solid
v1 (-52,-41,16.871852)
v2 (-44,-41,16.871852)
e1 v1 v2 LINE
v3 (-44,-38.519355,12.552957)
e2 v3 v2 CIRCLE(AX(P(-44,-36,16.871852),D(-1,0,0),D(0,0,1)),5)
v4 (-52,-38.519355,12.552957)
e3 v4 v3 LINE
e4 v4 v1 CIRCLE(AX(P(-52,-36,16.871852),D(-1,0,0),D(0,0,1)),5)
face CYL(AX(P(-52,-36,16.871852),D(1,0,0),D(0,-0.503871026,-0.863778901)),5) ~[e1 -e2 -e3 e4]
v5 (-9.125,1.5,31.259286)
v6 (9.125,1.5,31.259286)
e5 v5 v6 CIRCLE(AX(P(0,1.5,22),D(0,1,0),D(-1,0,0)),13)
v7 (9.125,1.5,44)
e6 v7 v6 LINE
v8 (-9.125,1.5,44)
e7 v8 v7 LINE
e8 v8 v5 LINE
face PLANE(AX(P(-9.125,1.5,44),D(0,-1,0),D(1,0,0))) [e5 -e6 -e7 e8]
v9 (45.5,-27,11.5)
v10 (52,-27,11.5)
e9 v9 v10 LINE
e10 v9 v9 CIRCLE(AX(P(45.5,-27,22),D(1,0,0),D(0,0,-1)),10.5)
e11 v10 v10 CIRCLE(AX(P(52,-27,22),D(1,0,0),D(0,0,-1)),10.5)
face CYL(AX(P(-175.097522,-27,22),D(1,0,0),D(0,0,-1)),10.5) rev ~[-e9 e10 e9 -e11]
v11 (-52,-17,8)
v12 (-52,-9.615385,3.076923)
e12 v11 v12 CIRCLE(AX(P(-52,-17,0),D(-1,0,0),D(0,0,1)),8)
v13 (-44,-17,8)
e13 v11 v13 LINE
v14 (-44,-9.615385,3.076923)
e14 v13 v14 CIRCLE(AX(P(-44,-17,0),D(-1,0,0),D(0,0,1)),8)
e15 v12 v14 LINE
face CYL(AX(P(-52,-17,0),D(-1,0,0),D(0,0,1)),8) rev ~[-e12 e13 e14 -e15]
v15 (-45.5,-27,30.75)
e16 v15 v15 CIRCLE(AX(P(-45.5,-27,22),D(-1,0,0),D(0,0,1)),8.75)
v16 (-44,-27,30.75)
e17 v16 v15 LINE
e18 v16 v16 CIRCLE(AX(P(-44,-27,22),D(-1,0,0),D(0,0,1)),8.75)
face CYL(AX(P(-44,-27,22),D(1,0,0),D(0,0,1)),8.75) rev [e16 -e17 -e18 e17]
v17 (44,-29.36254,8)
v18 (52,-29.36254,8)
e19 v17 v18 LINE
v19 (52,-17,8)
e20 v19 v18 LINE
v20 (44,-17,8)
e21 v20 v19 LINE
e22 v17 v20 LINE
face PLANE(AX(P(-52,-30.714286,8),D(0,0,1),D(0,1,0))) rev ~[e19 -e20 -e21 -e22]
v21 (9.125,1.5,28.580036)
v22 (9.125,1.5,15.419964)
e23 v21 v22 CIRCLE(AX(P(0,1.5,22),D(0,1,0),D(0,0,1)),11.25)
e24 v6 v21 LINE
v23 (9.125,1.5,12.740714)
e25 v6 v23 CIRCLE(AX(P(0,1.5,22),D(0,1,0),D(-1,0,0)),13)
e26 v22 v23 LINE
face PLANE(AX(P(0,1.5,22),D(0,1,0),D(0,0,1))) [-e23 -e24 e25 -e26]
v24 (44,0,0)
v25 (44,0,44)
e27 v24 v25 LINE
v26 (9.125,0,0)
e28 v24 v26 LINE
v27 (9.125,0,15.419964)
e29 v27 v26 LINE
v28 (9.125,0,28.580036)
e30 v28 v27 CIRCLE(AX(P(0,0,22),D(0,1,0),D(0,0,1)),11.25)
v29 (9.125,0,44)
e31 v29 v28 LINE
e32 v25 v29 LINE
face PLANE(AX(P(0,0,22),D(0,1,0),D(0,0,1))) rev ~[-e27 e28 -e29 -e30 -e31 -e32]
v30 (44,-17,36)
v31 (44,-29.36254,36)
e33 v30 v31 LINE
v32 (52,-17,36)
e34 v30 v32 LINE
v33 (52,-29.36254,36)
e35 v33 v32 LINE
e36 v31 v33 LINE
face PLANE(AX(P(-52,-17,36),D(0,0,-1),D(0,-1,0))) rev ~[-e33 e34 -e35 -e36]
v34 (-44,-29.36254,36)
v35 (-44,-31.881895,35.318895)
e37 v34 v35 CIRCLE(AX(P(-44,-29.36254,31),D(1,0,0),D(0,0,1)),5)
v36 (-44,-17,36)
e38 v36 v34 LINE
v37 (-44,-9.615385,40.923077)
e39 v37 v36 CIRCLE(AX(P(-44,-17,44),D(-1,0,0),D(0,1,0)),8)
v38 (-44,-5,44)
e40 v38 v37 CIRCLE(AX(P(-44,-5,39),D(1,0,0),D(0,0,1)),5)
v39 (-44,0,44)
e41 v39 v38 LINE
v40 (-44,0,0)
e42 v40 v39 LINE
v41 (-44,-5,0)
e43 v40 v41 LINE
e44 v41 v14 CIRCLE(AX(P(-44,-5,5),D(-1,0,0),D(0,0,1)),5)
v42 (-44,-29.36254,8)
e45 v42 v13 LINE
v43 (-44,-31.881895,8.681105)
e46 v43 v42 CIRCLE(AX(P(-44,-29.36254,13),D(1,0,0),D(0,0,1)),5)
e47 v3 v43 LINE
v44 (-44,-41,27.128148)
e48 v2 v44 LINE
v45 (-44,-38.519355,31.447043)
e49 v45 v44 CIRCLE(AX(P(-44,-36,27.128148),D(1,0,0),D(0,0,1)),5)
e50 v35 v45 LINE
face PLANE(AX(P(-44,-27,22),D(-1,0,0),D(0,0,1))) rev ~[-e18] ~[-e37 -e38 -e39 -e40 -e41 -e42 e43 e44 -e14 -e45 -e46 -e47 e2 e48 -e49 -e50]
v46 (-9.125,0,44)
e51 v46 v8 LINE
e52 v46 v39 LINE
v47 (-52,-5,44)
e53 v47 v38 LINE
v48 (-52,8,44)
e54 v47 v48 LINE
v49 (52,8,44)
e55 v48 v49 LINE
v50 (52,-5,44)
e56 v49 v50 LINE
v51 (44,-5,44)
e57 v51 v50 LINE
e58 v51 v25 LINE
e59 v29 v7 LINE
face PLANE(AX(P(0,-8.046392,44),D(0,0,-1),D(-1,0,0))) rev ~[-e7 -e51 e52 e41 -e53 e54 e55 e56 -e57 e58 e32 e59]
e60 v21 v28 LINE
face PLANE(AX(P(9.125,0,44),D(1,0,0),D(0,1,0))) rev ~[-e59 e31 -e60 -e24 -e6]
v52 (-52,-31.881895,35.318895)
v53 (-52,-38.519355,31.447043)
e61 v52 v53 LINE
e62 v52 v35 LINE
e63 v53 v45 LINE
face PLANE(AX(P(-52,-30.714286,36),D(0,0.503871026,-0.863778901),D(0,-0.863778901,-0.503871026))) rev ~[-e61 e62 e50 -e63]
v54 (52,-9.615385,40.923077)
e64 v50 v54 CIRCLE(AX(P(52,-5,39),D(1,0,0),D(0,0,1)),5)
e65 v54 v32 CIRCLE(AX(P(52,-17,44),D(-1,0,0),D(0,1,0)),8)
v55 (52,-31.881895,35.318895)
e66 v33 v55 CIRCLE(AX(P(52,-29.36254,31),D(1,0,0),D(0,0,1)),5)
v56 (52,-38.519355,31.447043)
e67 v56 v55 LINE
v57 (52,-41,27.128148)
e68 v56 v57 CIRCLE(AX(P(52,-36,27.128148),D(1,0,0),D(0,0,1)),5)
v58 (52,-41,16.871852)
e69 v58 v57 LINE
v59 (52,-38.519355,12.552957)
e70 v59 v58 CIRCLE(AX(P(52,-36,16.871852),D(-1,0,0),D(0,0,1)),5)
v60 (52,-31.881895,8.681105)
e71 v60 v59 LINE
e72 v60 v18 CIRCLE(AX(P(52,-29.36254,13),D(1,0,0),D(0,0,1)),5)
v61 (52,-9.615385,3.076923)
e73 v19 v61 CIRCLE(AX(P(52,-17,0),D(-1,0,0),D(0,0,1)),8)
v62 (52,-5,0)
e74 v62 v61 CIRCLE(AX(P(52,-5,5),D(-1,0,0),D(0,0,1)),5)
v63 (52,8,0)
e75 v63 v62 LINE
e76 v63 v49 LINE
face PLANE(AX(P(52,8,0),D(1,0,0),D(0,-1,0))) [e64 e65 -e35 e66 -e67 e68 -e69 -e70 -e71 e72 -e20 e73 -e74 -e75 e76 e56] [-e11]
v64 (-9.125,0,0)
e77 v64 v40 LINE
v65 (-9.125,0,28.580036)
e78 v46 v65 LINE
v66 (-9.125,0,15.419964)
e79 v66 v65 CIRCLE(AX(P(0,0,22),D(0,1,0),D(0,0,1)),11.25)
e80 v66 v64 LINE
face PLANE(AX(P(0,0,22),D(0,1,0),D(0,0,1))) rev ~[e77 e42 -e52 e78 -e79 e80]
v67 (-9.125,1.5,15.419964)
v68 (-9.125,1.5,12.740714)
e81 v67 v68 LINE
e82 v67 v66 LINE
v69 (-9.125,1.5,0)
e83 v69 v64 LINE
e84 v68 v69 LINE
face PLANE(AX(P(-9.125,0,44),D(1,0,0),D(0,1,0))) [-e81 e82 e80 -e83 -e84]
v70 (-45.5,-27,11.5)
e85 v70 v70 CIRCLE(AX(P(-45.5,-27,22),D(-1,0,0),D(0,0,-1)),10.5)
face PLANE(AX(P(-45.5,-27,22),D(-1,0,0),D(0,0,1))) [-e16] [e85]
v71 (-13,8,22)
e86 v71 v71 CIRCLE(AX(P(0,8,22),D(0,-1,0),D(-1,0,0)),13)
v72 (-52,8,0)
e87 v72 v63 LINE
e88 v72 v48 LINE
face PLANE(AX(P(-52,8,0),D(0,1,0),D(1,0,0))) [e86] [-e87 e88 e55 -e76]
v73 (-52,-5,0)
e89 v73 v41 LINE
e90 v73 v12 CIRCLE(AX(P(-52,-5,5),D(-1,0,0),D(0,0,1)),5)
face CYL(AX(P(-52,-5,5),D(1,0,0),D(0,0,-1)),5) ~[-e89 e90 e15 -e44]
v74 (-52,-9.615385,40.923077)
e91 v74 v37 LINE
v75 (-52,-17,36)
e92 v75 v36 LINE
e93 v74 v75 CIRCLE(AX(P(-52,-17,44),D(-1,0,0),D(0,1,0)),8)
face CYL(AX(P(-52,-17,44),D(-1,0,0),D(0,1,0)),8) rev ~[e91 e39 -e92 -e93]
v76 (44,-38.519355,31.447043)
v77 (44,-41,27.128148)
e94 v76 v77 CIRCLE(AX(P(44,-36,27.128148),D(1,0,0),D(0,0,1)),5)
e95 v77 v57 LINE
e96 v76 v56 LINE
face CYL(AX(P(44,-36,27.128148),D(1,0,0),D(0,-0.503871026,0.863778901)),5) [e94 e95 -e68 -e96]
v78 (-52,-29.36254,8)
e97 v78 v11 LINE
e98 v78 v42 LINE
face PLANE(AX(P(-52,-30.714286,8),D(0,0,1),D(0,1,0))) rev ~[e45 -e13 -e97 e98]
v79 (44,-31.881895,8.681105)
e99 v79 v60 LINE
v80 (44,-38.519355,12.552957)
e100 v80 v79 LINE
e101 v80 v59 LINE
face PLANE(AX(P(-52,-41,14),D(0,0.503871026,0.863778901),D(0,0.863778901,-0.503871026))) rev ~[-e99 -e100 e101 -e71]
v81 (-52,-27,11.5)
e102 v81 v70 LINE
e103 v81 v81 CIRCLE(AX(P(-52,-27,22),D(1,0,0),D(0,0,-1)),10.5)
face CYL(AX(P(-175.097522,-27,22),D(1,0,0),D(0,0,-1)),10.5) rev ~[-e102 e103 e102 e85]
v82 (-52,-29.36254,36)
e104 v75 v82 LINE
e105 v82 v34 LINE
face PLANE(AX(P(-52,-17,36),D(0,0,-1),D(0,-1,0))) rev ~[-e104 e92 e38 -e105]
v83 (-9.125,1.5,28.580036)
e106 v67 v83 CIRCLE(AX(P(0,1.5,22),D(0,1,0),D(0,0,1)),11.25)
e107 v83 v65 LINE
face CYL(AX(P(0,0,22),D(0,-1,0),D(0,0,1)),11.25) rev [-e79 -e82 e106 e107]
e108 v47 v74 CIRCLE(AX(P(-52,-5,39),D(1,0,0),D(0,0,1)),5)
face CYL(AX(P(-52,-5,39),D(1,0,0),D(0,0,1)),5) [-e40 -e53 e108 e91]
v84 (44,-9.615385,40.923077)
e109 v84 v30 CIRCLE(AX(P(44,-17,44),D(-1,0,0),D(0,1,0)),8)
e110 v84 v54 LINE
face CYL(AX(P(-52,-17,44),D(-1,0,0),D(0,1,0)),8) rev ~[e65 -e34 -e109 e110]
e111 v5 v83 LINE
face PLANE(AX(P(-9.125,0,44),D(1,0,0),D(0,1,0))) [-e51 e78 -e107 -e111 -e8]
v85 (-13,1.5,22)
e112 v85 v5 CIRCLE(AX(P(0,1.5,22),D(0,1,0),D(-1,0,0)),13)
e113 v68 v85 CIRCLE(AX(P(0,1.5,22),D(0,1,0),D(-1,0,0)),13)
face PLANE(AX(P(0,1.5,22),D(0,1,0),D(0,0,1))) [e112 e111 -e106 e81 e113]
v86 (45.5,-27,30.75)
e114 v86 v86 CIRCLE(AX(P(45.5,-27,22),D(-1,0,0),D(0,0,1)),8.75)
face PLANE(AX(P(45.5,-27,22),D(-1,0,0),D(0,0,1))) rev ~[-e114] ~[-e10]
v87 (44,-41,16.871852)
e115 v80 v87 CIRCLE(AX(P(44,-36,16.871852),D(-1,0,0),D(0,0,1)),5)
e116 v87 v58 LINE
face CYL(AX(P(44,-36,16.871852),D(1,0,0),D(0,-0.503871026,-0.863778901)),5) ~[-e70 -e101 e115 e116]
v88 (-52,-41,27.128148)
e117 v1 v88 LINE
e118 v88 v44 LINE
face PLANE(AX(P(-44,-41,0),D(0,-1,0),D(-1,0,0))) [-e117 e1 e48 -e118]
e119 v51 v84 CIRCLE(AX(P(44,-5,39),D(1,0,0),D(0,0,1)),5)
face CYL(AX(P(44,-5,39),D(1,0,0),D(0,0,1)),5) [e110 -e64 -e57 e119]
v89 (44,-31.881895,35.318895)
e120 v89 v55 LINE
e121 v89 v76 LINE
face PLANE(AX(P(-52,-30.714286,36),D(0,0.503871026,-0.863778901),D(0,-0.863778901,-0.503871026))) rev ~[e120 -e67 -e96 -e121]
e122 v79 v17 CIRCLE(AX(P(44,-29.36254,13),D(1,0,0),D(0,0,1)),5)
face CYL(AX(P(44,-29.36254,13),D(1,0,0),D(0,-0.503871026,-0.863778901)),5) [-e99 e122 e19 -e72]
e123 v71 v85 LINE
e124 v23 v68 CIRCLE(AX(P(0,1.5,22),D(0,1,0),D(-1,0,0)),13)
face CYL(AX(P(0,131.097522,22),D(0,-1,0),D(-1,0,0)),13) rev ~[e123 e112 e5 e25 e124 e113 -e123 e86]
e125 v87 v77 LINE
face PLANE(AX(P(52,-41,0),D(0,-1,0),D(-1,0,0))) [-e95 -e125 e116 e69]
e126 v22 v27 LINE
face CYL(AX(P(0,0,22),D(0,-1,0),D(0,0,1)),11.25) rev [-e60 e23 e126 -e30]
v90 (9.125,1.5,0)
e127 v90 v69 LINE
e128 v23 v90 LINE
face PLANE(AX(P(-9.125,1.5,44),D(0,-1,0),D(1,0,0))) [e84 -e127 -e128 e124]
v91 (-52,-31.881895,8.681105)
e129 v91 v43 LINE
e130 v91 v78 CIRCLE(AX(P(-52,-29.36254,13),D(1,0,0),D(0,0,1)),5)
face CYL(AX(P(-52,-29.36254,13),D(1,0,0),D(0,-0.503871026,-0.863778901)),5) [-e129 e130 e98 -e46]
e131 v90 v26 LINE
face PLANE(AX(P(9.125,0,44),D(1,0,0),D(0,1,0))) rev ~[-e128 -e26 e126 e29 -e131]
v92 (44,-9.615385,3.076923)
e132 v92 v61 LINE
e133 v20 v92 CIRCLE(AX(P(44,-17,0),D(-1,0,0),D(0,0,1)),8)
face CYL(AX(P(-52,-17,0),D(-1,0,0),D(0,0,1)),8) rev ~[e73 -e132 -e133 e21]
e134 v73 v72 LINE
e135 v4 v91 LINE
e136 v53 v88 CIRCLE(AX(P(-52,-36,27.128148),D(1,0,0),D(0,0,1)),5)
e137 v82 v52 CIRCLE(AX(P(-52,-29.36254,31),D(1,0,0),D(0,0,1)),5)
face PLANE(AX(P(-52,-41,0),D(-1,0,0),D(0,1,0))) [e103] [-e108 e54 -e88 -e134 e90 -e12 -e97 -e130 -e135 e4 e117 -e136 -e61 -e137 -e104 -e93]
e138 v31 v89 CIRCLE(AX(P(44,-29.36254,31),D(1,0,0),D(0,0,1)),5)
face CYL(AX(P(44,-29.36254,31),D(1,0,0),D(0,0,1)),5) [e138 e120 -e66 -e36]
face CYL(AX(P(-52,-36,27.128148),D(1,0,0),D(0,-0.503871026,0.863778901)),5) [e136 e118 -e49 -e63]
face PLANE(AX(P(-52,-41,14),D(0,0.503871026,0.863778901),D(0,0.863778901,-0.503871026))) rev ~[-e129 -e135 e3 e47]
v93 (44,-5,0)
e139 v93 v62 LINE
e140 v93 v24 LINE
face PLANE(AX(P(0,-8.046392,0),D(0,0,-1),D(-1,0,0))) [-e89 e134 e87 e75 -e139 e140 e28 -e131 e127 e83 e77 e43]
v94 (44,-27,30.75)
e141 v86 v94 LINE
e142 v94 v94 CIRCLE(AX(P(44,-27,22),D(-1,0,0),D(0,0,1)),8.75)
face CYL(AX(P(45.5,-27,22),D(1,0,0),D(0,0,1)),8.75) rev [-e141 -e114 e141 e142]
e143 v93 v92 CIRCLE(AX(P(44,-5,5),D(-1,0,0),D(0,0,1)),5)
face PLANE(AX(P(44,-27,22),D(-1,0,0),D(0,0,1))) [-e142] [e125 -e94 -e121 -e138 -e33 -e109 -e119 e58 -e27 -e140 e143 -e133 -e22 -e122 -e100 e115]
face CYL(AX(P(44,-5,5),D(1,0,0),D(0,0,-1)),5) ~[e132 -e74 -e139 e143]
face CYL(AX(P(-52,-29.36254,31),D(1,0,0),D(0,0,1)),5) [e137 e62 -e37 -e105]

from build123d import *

# Parameters (mm, degrees)
BOSS_EXTRUDE1_DEPTH        = 44
F_21_0_21_DIAMETER_HOLE1_D = 21
F_26_0_26_DIAMETER_HOLE1_D = 26
BOSS_EXTRUDE2_START        = -1.5
SKETCH9_R                  = 10.5
SKETCH9_R_2                = 8.75
BOSS_EXTRUDE2_DEPTH        = 1.5
BOSS_EXTRUDE3_START        = 88
SKETCH9_2_R                = 10.5
SKETCH9_2_R_2              = 8.75
BOSS_EXTRUDE3_DEPTH        = 1.5
SKETCH16_R                 = 13
SKETCH16_R_2               = 11.25
BOSS_EXTRUDE4_DEPTH        = 1.5
SKETCH17_W                 = 18.25
SKETCH17_H                 = 1.5
CUT_EXTRUDE1_DEPTH         = 80.504716841
CUT_EXTRUDE3_DEPTH         = 121.137421314
FILLET3_R                  = 5


with BuildPart() as part:
    # Sketch1 → Boss-Extrude1 (new body)
    with BuildSketch(Plane.XY):
        Polygon((44, 0), (-44, 0), (-44, -41), (-52, -41), (-52, 8), (52, 8), (52, -41), (44, -41), align=None)
    extrude(amount=BOSS_EXTRUDE1_DEPTH)

    # Ø21.0 (21) Diameter Hole1 (through all)
    with Locations(Plane.ZY.offset(52)):
        with Locations((22, -27)):
            Hole(F_21_0_21_DIAMETER_HOLE1_D / 2)

    # Ø26.0 (26) Diameter Hole1 (through all)
    with Locations(Plane(origin=(0, 8, 0), x_dir=(1, 0, 0), z_dir=(0, 1, 0))):
        with Locations((0, -22)):
            Hole(F_26_0_26_DIAMETER_HOLE1_D / 2)

    # Sketch9 → Boss-Extrude2 (add)
    with BuildSketch(Plane.ZY.offset(-44).offset(BOSS_EXTRUDE2_START)):
        with Locations((22, -27)):
            Circle(SKETCH9_R)
        with Locations((22, -27)):
            Circle(SKETCH9_R_2, mode=Mode.SUBTRACT)
    extrude(amount=BOSS_EXTRUDE2_DEPTH)

    # Sketch9<2> → Boss-Extrude3 (add)
    with BuildSketch(Plane.ZY.offset(-44).offset(BOSS_EXTRUDE3_START)):
        with Locations((22, -27)):
            Circle(SKETCH9_2_R)
        with Locations((22, -27)):
            Circle(SKETCH9_2_R_2, mode=Mode.SUBTRACT)
    extrude(amount=BOSS_EXTRUDE3_DEPTH)

    # Sketch16 → Boss-Extrude4 (add)
    with BuildSketch(Plane(origin=(0, 0, 0), x_dir=(1, 0, 0), z_dir=(0, 1, 0))):
        with Locations(Location((0, -22, 0), (0, 0, 270))):
            Circle(SKETCH16_R)
        with Locations(Location((0, -22, 0), (0, 0, 270))):
            Circle(SKETCH16_R_2, mode=Mode.SUBTRACT)
    extrude(amount=BOSS_EXTRUDE4_DEPTH)

    # Sketch17 → Cut-Extrude1 (cut, through all)
    with BuildSketch(Plane.XY.offset(44)):
        with Locations((0, 0.75)):
            Rectangle(SKETCH17_W, SKETCH17_H)
    extrude(amount=-CUT_EXTRUDE1_DEPTH, mode=Mode.SUBTRACT)

    # Sketch19 → Cut-Extrude3 (cut, through all)
    with BuildSketch(Plane.ZY.offset(52)):
        with BuildLine():
            ThreePointArc((0, -25), (2.087839834, -24.722753708), (4.030968204, -23.910231207))
            Line((4.030968204, -23.910231207), (0, -17))
            Line((0, -17), (0, -25))
        make_face()
        with BuildLine():
            Line((0, -17), (4.030968204, -23.910231207))
            ThreePointArc((4.030968204, -23.910231207), (6.937137221, -20.984485812), (8, -17))
            ThreePointArc((8, -17), (5.656854249, -11.343145751), (0, -9))
            Line((0, -9), (0, -17))
        make_face()
        with BuildLine():
            Line((14, -41), (8, -30.714285714))
            Line((8, -30.714285714), (4.030968204, -23.910231207))
            ThreePointArc((4.030968204, -23.910231207), (2.087839834, -24.722753708), (0, -25))
            Line((0, -25), (0, -41))
            Line((0, -41), (14, -41))
        make_face()
        with BuildLine():
            Line((4.030968204, -23.910231207), (8, -30.714285714))
            Line((8, -30.714285714), (8, -17))
            ThreePointArc((8, -17), (6.937137221, -20.984485812), (4.030968204, -23.910231207))
        make_face()
        with BuildLine():
            Line((36, -17), (36, -30.714285714))
            Line((36, -30.714285714), (39.969031796, -23.910231207))
            ThreePointArc((39.969031796, -23.910231207), (37.062862779, -20.984485812), (36, -17))
        make_face()
        with BuildLine():
            ThreePointArc((39.969031796, -23.910231207), (41.912160166, -24.722753708), (44, -25))
            Line((44, -25), (44, -17))
            Line((44, -17), (39.969031796, -23.910231207))
        make_face()
        with BuildLine():
            ThreePointArc((44, -9), (38.343145751, -11.343145751), (36, -17))
            ThreePointArc((36, -17), (37.062862779, -20.984485812), (39.969031796, -23.910231207))
            Line((39.969031796, -23.910231207), (44, -17))
            Line((44, -17), (44, -9))
        make_face()
        with BuildLine():
            Line((36, -30.714285714), (30, -41))
            Line((30, -41), (44, -41))
            Line((44, -41), (44, -25))
            ThreePointArc((44, -25), (41.912160166, -24.722753708), (39.969031796, -23.910231207))
            Line((39.969031796, -23.910231207), (36, -30.714285714))
        make_face()
    extrude(amount=-CUT_EXTRUDE3_DEPTH, mode=Mode.SUBTRACT)

    # Fillet3
    fillet3_edges = [part.edges().sort_by_distance(p)[0] for p in [
        (48, -9, 0),
        (-48, -9, 0),
        (-48, -9, 44),
        (48, -9, 44),
        (-48, -30.714285714, 36),
        (48, -30.714285714, 36),
        (-48, -41, 30),
        (48, -41, 30),
        (-48, -30.714285714, 8),
        (48, -30.714285714, 8),
        (-48, -41, 14),
        (48, -41, 14),
    ]]
    fillet(fillet3_edges, radius=FILLET3_R)


solid = part.part
